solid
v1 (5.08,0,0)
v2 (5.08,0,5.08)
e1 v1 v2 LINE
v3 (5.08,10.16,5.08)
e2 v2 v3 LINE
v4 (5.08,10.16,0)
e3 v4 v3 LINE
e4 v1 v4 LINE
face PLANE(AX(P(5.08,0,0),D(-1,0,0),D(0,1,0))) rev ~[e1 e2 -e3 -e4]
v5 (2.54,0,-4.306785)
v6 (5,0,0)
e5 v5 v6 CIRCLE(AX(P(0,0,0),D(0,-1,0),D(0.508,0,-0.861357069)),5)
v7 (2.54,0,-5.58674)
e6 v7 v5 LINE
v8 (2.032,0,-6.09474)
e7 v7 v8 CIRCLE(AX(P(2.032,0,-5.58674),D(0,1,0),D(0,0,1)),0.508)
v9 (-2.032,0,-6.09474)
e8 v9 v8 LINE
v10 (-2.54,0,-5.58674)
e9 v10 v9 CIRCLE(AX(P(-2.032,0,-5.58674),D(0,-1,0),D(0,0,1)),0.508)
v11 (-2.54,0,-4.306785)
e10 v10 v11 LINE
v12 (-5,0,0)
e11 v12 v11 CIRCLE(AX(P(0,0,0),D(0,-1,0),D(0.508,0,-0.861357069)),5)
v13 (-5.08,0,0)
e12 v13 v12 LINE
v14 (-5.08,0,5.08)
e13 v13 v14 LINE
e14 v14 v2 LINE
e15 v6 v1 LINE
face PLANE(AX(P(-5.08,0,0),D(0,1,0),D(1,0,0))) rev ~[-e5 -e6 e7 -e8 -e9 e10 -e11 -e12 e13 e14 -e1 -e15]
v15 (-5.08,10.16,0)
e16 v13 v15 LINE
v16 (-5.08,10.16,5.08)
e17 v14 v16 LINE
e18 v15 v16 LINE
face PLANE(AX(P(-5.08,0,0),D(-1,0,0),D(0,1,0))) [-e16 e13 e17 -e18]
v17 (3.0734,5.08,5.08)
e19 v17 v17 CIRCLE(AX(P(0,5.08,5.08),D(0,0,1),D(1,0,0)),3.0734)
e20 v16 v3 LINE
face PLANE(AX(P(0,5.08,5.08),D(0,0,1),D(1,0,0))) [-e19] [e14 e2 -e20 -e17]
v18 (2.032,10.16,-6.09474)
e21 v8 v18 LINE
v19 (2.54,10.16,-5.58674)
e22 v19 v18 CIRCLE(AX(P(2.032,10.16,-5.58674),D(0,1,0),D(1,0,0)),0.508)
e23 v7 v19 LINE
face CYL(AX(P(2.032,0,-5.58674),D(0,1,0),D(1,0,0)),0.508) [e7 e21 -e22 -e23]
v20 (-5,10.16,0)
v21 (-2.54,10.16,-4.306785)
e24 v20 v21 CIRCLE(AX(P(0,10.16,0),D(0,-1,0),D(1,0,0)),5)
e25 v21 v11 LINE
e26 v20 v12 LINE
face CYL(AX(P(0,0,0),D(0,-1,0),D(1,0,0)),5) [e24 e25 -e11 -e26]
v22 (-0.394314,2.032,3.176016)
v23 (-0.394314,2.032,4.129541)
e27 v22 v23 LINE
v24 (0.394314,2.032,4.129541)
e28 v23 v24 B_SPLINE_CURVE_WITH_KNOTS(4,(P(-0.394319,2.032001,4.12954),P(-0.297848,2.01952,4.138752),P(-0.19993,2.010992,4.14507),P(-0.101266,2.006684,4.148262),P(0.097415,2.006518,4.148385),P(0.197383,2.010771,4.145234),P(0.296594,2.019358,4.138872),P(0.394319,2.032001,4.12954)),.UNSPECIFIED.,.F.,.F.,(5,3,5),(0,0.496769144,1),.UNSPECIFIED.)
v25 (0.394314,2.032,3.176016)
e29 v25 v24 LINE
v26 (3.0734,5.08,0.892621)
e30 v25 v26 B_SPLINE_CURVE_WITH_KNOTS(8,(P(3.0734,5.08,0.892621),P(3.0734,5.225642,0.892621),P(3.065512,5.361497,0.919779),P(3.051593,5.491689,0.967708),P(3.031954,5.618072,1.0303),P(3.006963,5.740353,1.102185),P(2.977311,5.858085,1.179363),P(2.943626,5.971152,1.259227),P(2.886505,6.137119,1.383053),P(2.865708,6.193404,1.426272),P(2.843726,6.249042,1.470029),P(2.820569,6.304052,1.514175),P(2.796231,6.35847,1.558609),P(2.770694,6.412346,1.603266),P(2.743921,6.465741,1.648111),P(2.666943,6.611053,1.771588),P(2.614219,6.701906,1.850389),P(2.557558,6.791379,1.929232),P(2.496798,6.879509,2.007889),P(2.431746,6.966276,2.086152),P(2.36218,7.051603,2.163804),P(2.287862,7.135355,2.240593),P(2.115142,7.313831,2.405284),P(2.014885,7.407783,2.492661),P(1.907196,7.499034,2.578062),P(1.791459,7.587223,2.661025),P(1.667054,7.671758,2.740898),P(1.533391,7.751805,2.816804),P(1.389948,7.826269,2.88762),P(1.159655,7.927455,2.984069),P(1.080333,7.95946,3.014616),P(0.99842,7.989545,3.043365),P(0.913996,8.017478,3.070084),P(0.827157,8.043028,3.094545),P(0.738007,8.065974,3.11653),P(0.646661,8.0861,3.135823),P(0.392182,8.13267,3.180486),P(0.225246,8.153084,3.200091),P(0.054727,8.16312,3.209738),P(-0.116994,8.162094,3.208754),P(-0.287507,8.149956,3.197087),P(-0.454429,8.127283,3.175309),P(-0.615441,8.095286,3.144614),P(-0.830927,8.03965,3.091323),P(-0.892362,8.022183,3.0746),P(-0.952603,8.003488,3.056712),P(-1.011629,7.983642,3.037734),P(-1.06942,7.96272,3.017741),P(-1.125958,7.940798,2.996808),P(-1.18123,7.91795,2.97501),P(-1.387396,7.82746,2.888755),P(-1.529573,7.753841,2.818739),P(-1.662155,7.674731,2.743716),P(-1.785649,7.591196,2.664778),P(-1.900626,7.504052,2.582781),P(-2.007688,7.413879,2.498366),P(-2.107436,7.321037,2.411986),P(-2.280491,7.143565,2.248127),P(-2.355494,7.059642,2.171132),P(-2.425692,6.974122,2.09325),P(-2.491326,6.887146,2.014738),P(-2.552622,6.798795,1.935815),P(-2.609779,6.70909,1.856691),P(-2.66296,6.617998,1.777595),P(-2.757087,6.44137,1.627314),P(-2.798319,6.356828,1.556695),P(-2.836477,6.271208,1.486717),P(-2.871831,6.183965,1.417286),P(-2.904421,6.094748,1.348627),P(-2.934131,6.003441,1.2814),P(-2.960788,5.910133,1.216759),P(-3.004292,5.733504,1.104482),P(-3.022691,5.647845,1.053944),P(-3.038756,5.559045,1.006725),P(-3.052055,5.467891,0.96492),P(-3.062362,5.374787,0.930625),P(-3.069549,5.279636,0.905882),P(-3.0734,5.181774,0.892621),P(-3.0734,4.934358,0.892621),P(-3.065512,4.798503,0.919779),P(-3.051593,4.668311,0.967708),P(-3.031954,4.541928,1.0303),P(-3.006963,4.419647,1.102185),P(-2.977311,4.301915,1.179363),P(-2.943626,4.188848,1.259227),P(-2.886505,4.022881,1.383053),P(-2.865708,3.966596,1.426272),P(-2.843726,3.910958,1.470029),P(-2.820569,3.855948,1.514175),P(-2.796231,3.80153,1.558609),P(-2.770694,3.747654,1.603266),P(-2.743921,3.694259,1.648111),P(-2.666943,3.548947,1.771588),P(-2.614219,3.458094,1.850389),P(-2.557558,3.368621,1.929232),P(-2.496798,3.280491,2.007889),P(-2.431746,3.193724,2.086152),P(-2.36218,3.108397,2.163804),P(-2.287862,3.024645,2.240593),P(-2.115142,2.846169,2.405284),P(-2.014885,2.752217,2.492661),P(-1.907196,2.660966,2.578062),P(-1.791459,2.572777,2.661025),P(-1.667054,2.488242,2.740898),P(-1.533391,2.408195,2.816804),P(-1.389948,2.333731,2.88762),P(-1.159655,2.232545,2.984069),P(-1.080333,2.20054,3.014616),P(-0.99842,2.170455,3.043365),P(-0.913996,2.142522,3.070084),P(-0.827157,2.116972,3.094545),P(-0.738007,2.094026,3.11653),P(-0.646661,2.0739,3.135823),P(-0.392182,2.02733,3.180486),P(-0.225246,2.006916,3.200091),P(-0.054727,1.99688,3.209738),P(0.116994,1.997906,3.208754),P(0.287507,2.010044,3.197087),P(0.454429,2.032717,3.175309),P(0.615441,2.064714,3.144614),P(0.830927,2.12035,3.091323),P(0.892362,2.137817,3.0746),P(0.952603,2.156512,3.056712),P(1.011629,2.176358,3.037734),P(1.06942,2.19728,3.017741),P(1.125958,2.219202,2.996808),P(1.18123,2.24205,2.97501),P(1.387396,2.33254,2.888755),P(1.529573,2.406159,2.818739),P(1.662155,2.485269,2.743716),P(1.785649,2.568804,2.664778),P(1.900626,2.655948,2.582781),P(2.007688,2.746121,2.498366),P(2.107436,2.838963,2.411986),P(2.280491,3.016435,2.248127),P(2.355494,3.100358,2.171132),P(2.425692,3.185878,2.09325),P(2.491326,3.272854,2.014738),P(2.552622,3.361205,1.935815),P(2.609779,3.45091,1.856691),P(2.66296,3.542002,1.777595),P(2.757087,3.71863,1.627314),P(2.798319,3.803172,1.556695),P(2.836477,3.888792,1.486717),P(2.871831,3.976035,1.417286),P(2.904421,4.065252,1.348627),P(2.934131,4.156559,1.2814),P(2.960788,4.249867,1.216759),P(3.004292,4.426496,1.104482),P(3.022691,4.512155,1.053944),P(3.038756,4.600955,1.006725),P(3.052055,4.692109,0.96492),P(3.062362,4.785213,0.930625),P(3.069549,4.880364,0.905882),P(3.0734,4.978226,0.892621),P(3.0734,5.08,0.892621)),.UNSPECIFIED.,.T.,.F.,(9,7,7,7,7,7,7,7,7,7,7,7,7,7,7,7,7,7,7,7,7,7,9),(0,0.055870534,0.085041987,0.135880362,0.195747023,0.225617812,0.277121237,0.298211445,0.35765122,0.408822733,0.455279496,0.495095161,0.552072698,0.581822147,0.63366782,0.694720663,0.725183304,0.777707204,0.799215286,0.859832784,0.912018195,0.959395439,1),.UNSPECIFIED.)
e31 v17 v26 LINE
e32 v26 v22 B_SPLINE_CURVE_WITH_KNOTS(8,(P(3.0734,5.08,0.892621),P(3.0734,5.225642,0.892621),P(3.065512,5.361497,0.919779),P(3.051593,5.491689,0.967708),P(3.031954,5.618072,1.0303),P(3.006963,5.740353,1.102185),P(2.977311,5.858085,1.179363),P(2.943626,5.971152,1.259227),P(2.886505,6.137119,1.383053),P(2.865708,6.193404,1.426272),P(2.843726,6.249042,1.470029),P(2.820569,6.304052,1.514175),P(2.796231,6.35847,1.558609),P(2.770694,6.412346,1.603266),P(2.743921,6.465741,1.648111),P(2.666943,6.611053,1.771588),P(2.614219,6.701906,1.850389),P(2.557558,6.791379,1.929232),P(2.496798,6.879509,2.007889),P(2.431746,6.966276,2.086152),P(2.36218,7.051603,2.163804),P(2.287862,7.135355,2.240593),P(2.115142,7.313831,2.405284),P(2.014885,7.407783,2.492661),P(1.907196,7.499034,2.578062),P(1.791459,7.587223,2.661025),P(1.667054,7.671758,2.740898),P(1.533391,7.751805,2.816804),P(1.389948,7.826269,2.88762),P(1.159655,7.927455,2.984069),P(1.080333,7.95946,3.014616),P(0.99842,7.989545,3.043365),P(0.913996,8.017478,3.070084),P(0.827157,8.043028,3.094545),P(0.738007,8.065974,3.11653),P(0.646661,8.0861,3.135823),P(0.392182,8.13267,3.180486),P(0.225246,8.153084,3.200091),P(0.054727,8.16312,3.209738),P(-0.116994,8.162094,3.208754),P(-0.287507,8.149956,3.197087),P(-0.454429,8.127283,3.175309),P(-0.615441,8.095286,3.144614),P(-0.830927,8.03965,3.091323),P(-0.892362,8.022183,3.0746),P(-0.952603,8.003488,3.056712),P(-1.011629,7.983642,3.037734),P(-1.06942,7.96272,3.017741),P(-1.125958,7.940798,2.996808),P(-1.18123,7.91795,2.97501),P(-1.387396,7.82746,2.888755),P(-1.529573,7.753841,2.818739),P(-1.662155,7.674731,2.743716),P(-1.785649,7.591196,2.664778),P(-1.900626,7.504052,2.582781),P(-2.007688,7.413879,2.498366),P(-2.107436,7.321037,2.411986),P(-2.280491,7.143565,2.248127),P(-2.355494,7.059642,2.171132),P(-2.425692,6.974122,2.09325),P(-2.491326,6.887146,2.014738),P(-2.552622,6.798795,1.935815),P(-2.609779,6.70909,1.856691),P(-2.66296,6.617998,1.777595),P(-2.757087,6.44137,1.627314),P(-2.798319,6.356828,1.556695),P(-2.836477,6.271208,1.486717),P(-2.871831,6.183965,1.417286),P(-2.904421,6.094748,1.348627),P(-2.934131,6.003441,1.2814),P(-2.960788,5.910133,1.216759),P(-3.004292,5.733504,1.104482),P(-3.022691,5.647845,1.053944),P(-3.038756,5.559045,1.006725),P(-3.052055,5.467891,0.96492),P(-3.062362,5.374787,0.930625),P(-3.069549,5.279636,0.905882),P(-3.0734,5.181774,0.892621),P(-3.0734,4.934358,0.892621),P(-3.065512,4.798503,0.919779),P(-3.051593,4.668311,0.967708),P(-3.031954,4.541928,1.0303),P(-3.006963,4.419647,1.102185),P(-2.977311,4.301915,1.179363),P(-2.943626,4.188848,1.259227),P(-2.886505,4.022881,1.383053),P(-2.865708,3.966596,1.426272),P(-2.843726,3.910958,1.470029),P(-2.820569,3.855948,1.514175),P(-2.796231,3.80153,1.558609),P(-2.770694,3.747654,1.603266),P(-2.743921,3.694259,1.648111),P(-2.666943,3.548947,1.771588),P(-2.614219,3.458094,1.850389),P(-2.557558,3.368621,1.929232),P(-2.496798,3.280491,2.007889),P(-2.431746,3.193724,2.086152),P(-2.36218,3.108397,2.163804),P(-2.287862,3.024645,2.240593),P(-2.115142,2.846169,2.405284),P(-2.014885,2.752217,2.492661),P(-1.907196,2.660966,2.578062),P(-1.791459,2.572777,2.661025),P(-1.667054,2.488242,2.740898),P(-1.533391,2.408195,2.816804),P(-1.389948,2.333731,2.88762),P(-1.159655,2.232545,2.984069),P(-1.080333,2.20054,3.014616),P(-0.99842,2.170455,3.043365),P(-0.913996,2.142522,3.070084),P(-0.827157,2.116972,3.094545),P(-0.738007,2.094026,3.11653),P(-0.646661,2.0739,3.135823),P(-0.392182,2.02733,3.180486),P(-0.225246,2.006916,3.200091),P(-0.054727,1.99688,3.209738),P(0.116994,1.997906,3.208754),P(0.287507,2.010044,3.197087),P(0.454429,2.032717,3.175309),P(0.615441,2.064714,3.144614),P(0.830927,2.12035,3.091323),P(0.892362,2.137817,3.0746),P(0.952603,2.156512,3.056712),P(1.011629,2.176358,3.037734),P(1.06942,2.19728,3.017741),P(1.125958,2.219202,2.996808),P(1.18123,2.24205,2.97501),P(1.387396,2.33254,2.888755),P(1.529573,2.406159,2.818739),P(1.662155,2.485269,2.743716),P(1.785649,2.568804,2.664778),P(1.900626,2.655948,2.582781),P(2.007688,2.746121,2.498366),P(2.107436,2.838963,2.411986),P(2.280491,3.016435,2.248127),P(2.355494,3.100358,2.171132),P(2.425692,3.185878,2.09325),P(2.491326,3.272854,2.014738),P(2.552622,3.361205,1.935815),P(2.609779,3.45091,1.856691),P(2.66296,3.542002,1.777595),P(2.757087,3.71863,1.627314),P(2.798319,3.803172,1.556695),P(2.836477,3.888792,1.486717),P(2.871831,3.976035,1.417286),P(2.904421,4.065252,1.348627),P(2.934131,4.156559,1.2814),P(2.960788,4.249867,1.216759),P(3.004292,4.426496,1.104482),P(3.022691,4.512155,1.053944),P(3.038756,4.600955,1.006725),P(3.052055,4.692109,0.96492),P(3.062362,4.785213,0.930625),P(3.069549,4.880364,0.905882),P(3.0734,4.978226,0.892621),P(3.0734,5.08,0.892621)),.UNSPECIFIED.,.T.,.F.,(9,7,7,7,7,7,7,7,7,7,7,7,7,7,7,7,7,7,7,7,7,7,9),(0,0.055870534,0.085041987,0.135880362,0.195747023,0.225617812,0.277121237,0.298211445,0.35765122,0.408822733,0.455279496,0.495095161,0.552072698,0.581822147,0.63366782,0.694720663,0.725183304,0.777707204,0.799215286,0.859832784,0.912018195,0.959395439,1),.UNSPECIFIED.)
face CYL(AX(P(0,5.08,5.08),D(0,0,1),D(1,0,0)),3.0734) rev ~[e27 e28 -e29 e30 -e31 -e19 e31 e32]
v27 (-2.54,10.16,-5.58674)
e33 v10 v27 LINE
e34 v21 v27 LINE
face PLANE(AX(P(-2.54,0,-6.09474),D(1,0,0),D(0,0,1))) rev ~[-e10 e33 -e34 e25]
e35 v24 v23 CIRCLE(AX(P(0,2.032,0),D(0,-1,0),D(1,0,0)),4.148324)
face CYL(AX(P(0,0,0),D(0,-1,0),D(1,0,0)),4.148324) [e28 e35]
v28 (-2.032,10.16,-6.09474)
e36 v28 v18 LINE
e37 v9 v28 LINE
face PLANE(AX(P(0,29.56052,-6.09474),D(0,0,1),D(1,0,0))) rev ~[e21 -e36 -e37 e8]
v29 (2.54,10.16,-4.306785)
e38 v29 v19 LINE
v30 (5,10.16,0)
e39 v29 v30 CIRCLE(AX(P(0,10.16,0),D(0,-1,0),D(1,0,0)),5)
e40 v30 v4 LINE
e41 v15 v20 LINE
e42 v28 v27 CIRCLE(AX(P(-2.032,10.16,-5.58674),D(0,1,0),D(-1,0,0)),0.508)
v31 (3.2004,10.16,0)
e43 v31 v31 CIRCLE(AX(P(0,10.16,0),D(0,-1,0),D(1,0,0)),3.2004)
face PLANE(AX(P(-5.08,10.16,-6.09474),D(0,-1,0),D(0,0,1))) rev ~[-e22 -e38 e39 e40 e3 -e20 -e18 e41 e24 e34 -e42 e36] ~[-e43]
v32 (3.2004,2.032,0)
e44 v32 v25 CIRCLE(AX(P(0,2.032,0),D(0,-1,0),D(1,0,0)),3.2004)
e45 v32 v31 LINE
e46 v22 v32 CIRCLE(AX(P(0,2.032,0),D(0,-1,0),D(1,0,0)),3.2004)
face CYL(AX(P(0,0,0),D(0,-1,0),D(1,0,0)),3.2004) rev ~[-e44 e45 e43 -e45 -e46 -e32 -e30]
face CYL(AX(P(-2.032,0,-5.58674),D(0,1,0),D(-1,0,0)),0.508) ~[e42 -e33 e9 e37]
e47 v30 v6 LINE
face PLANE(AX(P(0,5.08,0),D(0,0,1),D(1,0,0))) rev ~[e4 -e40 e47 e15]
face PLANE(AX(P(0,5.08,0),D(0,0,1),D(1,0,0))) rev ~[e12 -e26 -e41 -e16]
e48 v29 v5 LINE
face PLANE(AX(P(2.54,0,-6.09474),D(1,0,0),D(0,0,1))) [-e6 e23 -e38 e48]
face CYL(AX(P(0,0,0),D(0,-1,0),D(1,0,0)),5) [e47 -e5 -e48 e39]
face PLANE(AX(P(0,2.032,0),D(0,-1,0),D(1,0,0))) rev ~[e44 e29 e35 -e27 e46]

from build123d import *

# Parameters (mm, degrees)
F1_R          = 5
F2_DEPTH      = 34.64052
F3_W          = 5.08
F3_H          = 2.89434
F4_DEPTH      = 34.64052
F6_W          = 2.54
F6_H          = 7.62
F7_DEPTH      = 3.81
F7_DEPTH_BACK = 3.81
F8_R          = 0.762
F9_R          = 0.508
F10_R         = 4.826
F11_DEPTH     = 2.032
F12_W         = 10.16
F12_H         = 10.16
F13_DEPTH     = 5.08
F14_R         = 3.0734
F15_DEPTH     = 5.08
F16_W         = 10.16
F16_H         = 10.16
F17_DEPTH     = 6.09474
F18_R         = 3.81
F19_DEPTH     = 8.89
F5_R          = 3.2004
F20_DEPTH     = 31.75
F21_R         = 1.27
F22_W         = 24.48052
F22_H         = 22.7021586563
F23_DEPTH     = 25.4
F24_R         = 4.1483238307
F25_DEPTH     = 2.032


with BuildPart() as f2:
    # F1 (on Front) → F2 (new body)
    with BuildSketch(Plane.XZ):
        Circle(F1_R)
    extrude(amount=-F2_DEPTH)

    # F3 (on face) → F4 (join, through all)
    with BuildSketch(Plane.XZ):
        with Locations((0, -4.64757)):
            Rectangle(F3_W, F3_H)
    extrude(amount=-F4_DEPTH)

    # F6 (on Right) → F7 (join, two sides)
    with BuildSketch(Plane.YZ) as f7_sk:
        with Locations((32.60852, 6.35)):
            Rectangle(F6_W, F6_H)
        with Locations((24.98852, 6.35)):
            Rectangle(F6_W, F6_H)
    extrude(amount=F7_DEPTH)
    extrude(f7_sk.sketch, amount=-F7_DEPTH_BACK)

    # F8
    f8_edges = [f2.edges().sort_by_distance(p)[0] for p in [
        (0, 26.25852, 10.16),
        (0, 31.33852, 10.16),
        (0, 33.87852, 10.16),
        (0, 23.71852, 10.16),
        (-3.81, 26.25852, 6.698943),
        (-3.81, 23.71852, 6.698943),
        (-3.81, 24.98852, 10.16),
        (-3.81, 31.33852, 6.698943),
        (-3.81, 32.60852, 10.16),
        (-3.81, 33.87852, 6.698943),
        (3.81, 24.98852, 10.16),
        (3.81, 26.25852, 6.698943),
        (3.81, 23.71852, 6.698943),
        (3.81, 31.33852, 6.698943),
        (3.81, 32.60852, 10.16),
        (3.81, 33.87852, 6.698943),
    ]]
    fillet(f8_edges, radius=F8_R)

    # F9
    f9_edges = [f2.edges().sort_by_distance(p)[0] for p in [
        (-2.54, 17.32026, -6.09474),
        (2.54, 17.32026, -6.09474),
    ]]
    fillet(f9_edges, radius=F9_R)

    # F10 (on face) → F11 (join)
    with BuildSketch(Plane.XZ):
        Circle(F10_R)
    extrude(amount=-F11_DEPTH)

    # F12 (on Top) → F13 (join)
    with BuildSketch(Plane.XY):
        with Locations((0, 5.08)):
            Rectangle(F12_W, F12_H)
    extrude(amount=F13_DEPTH)

    # F14 (on face) → F15 (cut)
    with BuildSketch(Plane.XY.offset(5.08)):
        with Locations((0, 5.08)):
            Circle(F14_R)
    extrude(amount=-F15_DEPTH, mode=Mode.SUBTRACT)

    # F16 (on Top) → F17 (join, through all)
    with BuildSketch(Plane.XY):
        with Locations((0, 29.56052)):
            Rectangle(F16_W, F16_H)
    extrude(amount=-F17_DEPTH)

    # F18 (on face) → F19 (cut)
    with BuildSketch(Plane(origin=(0, 0, -6.09474), x_dir=(1, 0, 0), z_dir=(0, 0, -1))):
        with Locations((0, -29.56052)):
            Circle(F18_R)
    extrude(amount=-F19_DEPTH, mode=Mode.SUBTRACT)

    # F5 (on face) → F20 (cut)
    with BuildSketch(Plane.XZ):
        Circle(F5_R)
    extrude(amount=-F20_DEPTH, mode=Mode.SUBTRACT)

    # F21
    f21_edges = [f2.edges().sort_by_distance(p)[0] for p in [
        (-2.070993, 32.758502, 2.79526),
        (3.197982, 27.489527, 2.79526),
    ]]
    fillet(f21_edges, radius=F21_R)

    # F22 (on face) → F23 (cut)
    with BuildSketch(Plane(origin=(-5.08, 0, 0), x_dir=(0, -1, 0), z_dir=(-1, 0, 0))):
        with Locations((-22.40026, 5.2563393282)):
            Rectangle(F22_W, F22_H)
    extrude(amount=-F23_DEPTH, mode=Mode.SUBTRACT)

    # F24 (on face) → F25 (join)
    with BuildSketch(Plane.XZ):
        Circle(F24_R)
    extrude(amount=-F25_DEPTH)


solid = f2.part
